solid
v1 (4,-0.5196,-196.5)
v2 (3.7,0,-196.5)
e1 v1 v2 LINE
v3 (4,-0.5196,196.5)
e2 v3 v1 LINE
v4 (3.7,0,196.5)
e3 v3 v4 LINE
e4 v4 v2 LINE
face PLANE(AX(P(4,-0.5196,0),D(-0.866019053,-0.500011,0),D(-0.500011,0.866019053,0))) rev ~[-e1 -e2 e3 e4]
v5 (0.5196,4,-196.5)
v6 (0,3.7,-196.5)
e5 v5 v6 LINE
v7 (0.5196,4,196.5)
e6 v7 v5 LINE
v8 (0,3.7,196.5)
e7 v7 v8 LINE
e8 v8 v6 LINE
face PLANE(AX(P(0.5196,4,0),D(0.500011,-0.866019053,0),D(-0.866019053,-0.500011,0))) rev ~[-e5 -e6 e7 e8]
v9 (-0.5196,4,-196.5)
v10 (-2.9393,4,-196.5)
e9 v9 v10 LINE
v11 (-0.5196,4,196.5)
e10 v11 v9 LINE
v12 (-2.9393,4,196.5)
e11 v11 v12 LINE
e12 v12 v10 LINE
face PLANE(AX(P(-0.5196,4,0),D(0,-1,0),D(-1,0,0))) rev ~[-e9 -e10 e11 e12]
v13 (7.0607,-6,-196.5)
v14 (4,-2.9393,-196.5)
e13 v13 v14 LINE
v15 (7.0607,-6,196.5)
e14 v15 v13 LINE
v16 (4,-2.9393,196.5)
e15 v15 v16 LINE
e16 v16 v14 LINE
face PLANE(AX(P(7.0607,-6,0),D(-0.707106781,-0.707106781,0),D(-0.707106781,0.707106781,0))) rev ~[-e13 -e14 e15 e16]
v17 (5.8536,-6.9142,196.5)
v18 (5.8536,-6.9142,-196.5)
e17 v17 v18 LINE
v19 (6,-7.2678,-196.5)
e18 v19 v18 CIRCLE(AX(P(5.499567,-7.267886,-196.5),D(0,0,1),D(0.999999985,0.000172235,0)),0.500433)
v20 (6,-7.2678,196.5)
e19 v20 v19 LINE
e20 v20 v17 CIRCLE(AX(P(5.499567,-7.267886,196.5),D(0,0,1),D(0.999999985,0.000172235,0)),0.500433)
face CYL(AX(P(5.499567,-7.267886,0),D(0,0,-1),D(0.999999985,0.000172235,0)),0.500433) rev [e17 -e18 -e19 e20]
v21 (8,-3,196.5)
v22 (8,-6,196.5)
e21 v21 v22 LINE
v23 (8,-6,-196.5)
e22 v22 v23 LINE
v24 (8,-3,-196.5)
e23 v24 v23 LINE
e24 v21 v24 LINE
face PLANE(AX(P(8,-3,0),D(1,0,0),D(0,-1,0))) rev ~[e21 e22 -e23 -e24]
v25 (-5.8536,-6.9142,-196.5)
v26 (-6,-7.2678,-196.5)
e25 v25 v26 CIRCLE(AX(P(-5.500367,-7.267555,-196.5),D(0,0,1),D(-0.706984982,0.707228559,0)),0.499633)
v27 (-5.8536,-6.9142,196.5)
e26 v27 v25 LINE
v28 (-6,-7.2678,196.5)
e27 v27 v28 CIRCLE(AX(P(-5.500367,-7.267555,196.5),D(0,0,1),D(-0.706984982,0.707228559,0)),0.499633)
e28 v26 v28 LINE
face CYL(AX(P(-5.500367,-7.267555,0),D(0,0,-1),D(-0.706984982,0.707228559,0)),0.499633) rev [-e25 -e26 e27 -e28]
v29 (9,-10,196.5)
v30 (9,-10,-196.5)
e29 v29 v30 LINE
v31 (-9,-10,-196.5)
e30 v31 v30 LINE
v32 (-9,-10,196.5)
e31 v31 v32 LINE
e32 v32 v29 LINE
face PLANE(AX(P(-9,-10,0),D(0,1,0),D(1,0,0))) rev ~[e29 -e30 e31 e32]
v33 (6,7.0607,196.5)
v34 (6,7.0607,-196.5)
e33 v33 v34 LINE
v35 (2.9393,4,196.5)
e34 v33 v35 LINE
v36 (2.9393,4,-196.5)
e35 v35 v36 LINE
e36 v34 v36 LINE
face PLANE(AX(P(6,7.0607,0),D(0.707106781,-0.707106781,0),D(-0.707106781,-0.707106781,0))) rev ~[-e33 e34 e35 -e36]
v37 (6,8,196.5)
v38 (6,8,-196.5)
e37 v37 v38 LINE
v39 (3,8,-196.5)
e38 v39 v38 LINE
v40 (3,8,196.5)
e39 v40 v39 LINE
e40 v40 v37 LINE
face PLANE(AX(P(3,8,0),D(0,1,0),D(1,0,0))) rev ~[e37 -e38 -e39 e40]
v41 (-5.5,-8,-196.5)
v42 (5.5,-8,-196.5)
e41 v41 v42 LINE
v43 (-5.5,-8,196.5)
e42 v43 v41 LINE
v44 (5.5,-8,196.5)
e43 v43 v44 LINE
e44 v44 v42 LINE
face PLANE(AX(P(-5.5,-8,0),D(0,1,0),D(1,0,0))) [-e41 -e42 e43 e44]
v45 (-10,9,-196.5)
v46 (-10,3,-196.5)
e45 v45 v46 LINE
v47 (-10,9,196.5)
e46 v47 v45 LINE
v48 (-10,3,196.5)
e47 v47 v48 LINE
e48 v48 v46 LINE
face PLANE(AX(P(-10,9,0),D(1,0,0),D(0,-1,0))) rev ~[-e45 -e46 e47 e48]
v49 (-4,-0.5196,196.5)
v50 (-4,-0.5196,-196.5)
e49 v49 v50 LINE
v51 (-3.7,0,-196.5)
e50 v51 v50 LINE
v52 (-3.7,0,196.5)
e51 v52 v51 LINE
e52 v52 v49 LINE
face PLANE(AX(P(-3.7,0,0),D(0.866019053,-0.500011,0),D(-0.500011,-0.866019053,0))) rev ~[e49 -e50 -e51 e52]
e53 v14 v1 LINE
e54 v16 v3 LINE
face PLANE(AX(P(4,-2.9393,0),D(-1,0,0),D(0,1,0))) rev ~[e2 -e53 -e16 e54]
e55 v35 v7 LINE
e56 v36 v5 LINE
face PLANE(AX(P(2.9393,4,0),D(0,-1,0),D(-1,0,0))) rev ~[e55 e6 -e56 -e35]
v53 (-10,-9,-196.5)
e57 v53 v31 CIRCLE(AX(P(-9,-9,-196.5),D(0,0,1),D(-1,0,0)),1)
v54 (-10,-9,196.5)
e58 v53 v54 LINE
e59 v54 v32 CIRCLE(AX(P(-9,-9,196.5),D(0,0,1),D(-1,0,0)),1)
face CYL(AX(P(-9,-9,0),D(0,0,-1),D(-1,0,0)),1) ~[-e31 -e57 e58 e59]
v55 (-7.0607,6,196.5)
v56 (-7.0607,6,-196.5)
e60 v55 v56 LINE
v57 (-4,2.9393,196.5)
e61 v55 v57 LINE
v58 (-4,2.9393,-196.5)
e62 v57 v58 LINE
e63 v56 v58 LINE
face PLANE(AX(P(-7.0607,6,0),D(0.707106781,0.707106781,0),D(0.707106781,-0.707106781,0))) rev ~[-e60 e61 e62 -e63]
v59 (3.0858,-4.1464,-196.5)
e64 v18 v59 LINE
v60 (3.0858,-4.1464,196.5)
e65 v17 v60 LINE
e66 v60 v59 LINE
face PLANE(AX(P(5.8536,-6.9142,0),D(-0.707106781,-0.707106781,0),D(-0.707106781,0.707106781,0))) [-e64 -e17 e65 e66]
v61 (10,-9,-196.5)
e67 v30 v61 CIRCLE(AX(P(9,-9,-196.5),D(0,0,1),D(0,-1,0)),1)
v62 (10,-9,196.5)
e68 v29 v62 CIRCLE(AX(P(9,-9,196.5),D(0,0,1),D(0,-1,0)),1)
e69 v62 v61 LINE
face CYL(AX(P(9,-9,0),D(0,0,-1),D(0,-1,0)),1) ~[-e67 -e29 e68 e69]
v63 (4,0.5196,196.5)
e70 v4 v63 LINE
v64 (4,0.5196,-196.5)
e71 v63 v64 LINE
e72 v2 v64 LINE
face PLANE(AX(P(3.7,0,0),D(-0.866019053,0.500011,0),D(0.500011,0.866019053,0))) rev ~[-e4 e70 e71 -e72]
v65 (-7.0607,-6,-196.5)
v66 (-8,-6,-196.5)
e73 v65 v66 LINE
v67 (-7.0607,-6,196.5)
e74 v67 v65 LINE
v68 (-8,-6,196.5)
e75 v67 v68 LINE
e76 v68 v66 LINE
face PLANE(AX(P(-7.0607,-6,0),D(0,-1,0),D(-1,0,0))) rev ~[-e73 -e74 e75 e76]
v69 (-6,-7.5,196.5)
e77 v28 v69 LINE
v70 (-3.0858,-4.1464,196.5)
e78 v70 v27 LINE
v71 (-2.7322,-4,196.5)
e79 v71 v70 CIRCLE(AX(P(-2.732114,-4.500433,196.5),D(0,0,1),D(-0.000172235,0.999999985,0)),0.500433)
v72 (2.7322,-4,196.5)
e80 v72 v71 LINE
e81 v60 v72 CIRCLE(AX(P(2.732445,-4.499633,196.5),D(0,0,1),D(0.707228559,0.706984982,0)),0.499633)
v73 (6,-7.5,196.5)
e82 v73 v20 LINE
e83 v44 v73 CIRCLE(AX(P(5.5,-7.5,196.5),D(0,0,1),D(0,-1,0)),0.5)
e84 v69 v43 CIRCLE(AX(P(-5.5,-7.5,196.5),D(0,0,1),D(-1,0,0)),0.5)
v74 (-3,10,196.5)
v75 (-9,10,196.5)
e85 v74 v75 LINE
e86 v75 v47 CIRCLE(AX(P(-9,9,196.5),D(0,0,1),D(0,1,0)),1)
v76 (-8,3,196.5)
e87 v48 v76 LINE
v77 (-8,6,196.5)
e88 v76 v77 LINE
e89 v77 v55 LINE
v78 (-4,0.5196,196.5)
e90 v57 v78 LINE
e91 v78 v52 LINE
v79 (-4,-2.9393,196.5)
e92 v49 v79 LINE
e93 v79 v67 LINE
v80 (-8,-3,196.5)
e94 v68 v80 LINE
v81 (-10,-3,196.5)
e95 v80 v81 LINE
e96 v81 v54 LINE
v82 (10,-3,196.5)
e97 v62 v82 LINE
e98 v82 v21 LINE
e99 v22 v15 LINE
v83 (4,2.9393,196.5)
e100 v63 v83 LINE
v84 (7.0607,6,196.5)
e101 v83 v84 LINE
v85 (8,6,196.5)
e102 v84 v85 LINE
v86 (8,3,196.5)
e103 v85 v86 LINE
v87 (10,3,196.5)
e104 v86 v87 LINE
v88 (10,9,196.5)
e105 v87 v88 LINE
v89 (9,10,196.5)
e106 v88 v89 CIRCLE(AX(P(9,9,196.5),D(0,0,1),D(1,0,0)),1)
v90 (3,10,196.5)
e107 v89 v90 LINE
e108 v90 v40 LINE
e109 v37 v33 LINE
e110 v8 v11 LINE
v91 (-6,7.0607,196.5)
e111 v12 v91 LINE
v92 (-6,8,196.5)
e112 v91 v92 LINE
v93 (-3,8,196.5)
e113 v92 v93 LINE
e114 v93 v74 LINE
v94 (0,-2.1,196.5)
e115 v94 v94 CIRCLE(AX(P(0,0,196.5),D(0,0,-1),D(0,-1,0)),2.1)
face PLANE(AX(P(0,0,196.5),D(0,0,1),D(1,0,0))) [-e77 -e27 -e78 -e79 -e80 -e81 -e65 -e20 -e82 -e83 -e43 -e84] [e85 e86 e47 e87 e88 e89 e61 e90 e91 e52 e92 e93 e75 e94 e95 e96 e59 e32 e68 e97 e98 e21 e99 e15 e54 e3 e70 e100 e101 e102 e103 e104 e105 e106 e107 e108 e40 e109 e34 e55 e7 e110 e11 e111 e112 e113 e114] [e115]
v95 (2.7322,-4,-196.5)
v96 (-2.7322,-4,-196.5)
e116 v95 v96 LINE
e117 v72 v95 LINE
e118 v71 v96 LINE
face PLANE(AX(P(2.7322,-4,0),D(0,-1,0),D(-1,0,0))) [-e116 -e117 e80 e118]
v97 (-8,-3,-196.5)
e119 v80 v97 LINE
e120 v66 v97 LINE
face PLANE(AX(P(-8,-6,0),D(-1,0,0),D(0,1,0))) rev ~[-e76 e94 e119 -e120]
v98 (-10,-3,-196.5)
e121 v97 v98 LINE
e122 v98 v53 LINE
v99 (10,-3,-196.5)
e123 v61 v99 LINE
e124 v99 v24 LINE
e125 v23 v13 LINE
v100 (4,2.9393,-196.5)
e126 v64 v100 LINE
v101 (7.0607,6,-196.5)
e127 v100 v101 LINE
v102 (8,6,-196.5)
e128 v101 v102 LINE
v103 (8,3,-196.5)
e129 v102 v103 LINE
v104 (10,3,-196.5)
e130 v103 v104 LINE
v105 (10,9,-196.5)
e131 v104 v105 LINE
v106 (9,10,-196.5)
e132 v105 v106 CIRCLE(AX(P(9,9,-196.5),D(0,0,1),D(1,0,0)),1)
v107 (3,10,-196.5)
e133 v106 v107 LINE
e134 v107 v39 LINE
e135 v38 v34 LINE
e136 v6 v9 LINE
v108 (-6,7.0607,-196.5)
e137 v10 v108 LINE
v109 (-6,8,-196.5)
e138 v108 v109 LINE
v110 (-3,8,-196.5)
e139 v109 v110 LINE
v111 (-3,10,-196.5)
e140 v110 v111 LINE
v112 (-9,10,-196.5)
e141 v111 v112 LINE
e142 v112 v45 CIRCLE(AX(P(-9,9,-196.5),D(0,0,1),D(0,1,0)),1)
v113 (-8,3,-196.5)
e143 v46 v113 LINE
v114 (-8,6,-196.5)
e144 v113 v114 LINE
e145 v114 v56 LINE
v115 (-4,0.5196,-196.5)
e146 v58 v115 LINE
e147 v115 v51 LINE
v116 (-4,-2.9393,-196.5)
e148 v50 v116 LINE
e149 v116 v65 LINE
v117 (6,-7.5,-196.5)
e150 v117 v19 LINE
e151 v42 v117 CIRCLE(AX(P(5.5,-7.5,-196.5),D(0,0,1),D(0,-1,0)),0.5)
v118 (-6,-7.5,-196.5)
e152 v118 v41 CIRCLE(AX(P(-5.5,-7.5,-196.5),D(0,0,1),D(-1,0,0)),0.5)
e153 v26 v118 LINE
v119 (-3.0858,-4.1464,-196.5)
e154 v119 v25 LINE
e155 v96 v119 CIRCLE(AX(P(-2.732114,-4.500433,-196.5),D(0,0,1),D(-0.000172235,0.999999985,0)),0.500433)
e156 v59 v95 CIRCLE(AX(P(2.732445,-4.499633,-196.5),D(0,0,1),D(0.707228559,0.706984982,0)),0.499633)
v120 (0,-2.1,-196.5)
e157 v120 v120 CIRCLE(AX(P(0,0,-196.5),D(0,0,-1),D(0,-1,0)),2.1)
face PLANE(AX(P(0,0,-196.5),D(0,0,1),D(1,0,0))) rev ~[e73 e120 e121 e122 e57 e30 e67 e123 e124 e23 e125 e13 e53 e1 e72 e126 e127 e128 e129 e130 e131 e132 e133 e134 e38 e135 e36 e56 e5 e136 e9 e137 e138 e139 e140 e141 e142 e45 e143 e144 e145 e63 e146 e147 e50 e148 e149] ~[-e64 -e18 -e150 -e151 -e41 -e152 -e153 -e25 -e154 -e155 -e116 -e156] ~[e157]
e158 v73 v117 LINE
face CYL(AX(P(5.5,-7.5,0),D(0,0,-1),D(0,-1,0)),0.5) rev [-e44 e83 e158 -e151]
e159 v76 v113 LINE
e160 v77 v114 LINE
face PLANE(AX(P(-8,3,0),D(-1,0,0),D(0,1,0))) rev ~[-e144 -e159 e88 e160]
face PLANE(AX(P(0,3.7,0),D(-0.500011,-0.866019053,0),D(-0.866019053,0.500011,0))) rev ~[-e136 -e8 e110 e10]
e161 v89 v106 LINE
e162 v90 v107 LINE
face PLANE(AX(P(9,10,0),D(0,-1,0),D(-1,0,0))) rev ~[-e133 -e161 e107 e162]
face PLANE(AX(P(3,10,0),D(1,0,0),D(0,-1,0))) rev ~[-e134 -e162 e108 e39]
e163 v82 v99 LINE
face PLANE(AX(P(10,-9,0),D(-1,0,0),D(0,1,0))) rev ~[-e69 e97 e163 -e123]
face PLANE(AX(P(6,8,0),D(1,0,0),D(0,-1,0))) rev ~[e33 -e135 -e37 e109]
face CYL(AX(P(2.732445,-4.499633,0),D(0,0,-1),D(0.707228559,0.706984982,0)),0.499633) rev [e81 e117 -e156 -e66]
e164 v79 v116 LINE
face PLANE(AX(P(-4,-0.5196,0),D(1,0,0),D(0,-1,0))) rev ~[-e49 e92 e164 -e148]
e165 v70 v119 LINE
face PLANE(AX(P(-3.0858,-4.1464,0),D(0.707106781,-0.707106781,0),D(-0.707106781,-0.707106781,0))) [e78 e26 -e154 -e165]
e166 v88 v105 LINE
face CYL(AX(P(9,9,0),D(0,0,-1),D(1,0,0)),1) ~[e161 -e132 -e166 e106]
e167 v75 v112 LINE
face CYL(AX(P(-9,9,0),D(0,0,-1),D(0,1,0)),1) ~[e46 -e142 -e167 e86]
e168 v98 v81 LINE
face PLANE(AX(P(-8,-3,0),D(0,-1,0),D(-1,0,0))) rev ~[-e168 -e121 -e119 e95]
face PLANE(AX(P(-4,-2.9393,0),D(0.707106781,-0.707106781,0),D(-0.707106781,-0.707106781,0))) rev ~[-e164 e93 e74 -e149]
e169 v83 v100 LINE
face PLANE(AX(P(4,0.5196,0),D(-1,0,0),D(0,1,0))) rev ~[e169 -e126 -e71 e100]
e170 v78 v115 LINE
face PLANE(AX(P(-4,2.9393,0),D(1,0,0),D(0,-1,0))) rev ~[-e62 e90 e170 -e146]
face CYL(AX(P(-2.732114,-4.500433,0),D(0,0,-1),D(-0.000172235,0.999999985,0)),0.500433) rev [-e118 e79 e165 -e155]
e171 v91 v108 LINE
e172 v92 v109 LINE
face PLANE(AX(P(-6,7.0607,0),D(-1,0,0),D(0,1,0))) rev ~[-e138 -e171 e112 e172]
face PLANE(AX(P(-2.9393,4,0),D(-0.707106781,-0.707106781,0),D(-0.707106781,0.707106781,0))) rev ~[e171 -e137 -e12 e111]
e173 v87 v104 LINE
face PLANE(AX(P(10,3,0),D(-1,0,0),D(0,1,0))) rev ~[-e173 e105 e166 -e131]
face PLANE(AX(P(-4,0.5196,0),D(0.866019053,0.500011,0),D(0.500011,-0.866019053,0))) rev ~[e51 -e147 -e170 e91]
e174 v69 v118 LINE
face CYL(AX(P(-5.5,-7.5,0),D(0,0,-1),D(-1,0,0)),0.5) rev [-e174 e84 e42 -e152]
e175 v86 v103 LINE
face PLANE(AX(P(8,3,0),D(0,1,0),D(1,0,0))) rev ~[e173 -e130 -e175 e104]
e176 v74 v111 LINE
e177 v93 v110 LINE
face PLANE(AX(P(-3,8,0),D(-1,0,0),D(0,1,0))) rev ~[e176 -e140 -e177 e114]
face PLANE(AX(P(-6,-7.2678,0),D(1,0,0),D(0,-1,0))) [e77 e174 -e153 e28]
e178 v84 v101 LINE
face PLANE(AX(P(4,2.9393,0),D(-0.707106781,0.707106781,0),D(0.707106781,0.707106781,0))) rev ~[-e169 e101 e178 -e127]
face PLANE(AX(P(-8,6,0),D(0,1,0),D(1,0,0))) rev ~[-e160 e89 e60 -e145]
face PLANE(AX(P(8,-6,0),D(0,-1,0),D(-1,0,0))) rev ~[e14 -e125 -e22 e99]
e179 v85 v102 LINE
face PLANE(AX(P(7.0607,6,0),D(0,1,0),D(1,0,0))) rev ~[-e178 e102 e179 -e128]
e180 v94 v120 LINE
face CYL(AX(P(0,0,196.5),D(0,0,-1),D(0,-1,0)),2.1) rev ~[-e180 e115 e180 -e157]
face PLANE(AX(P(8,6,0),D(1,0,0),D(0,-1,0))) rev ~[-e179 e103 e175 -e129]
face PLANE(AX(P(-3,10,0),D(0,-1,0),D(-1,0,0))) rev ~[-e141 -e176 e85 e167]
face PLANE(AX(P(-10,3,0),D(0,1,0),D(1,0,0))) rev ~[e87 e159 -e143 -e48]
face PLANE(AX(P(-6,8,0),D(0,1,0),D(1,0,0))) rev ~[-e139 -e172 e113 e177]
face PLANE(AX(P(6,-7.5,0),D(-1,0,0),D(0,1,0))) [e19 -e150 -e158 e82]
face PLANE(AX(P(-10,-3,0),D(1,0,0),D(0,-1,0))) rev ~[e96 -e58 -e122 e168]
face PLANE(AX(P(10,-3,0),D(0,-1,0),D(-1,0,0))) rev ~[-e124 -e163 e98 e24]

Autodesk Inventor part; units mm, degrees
sketch "Sketch_63" plane through (0, 0, 0) normal (0, 0, 1) x (1, 0, 0)
  line L0 (-10, -3) -> (-10, -9)
  arc A0 (-10, -9) -> (-9, -10) centre (-9, -9) ccw
  line L1 (-9, -10) -> (9, -10)
  arc A1 (9, -10) -> (10, -9) centre (9, -9) ccw
  line L2 (10, -9) -> (10, -3)
  line L3 (10, -3) -> (8, -3)
  line L4 (8, -3) -> (8, -6)
  line L5 (8, -6) -> (7.0607, -6)
  line L6 (7.0607, -6) -> (4, -2.9393)
  line L7 (4, -2.9393) -> (4, -0.5196)
  line L8 (4, -0.5196) -> (3.7, 0)
  line L9 (3.7, 0) -> (4, 0.5196)
  line L10 (4, 0.5196) -> (4, 2.9393)
  line L11 (4, 2.9393) -> (7.0607, 6)
  line L12 (7.0607, 6) -> (8, 6)
  line L13 (8, 6) -> (8, 3)
  line L14 (8, 3) -> (10, 3)
  line L15 (10, 3) -> (10, 9)
  arc A2 (10, 9) -> (9, 10) centre (9, 9) ccw
  line L16 (9, 10) -> (3, 10)
  line L17 (3, 10) -> (3, 8)
  line L18 (3, 8) -> (6, 8)
  line L19 (6, 8) -> (6, 7.0607)
  line L20 (6, 7.0607) -> (2.9393, 4)
  line L21 (2.9393, 4) -> (0.5196, 4)
  line L22 (0.5196, 4) -> (0, 3.7)
  line L23 (0, 3.7) -> (-0.5196, 4)
  line L24 (-0.5196, 4) -> (-2.9393, 4)
  line L25 (-2.9393, 4) -> (-6, 7.0607)
  line L26 (-6, 7.0607) -> (-6, 8)
  line L27 (-6, 8) -> (-3, 8)
  line L28 (-3, 8) -> (-3, 10)
  line L29 (-3, 10) -> (-9, 10)
  arc A3 (-9, 10) -> (-10, 9) centre (-9, 9) ccw
  line L30 (-10, 9) -> (-10, 3)
  line L31 (-10, 3) -> (-8, 3)
  line L32 (-8, 3) -> (-8, 6)
  line L33 (-8, 6) -> (-7.0607, 6)
  line L34 (-7.0607, 6) -> (-4, 2.9393)
  line L35 (-4, 2.9393) -> (-4, 0.5196)
  line L36 (-4, 0.5196) -> (-3.7, 0)
  line L37 (-3.7, 0) -> (-4, -0.5196)
  line L38 (-4, -0.5196) -> (-4, -2.9393)
  line L39 (-4, -2.9393) -> (-7.0607, -6)
  line L40 (-7.0607, -6) -> (-8, -6)
  line L41 (-8, -6) -> (-8, -3)
  line L42 (-8, -3) -> (-10, -3)
  line L43 (-6, -7.2678) -> (-6, -7.5)
  arc A4 (-6, -7.5) -> (-5.5, -8) centre (-5.5, -7.5) ccw
  line L44 (-5.5, -8) -> (5.5, -8)
  arc A5 (5.5, -8) -> (6, -7.5) centre (5.5, -7.5) ccw
  line L45 (6, -7.5) -> (6, -7.2678)
  arc A6 (6, -7.2678) -> (5.8536, -6.9142) centre (5.5, -7.2678) ccw
  line L46 (5.8536, -6.9142) -> (3.0858, -4.1464)
  arc A7 (3.0858, -4.1464) -> (2.7322, -4) centre (2.7322, -4.5) ccw
  line L47 (2.7322, -4) -> (-2.7322, -4)
  arc A8 (-2.7322, -4) -> (-3.0858, -4.1464) centre (-2.7322, -4.5) ccw
  line L48 (-3.0858, -4.1464) -> (-5.8536, -6.9142)
  arc A9 (-5.8536, -6.9142) -> (-6, -7.2678) centre (-5.5, -7.2678) ccw
extrude "Extrusion1" add sketch "Sketch_63" along normal mid plane 393
sketch "Sketch2" plane through (0, 0, 196.5) normal (0, 0, 1) x (-1, 0, 0)
  point P0 (0, 0)
hole "Hole1" at (0, 0, 196.5) direction (0, 0, -1) diameter 4.2 depth 440
ref_plane "C1_XY" through (0, 0, 0) normal (0, 0, 1) x (1, 0, 0)
ref_plane "C1_YZ" through (0, 0, 0) normal (1, 0, 0) x (0, 1, 0)
ref_plane "C1_ZX" through (0, 0, 0) normal (0, 1, 0) x (0, 0, 1)
thread "Thread1" size "M5x0.8" class "6H" standard "ANSI Metric M Profile" length 10
thread "Thread2" size "M5x0.8" class "6H" standard "ANSI Metric M Profile" length 10
properties part number "HFSFB5-2020-393" material "Aluminum 6061"
